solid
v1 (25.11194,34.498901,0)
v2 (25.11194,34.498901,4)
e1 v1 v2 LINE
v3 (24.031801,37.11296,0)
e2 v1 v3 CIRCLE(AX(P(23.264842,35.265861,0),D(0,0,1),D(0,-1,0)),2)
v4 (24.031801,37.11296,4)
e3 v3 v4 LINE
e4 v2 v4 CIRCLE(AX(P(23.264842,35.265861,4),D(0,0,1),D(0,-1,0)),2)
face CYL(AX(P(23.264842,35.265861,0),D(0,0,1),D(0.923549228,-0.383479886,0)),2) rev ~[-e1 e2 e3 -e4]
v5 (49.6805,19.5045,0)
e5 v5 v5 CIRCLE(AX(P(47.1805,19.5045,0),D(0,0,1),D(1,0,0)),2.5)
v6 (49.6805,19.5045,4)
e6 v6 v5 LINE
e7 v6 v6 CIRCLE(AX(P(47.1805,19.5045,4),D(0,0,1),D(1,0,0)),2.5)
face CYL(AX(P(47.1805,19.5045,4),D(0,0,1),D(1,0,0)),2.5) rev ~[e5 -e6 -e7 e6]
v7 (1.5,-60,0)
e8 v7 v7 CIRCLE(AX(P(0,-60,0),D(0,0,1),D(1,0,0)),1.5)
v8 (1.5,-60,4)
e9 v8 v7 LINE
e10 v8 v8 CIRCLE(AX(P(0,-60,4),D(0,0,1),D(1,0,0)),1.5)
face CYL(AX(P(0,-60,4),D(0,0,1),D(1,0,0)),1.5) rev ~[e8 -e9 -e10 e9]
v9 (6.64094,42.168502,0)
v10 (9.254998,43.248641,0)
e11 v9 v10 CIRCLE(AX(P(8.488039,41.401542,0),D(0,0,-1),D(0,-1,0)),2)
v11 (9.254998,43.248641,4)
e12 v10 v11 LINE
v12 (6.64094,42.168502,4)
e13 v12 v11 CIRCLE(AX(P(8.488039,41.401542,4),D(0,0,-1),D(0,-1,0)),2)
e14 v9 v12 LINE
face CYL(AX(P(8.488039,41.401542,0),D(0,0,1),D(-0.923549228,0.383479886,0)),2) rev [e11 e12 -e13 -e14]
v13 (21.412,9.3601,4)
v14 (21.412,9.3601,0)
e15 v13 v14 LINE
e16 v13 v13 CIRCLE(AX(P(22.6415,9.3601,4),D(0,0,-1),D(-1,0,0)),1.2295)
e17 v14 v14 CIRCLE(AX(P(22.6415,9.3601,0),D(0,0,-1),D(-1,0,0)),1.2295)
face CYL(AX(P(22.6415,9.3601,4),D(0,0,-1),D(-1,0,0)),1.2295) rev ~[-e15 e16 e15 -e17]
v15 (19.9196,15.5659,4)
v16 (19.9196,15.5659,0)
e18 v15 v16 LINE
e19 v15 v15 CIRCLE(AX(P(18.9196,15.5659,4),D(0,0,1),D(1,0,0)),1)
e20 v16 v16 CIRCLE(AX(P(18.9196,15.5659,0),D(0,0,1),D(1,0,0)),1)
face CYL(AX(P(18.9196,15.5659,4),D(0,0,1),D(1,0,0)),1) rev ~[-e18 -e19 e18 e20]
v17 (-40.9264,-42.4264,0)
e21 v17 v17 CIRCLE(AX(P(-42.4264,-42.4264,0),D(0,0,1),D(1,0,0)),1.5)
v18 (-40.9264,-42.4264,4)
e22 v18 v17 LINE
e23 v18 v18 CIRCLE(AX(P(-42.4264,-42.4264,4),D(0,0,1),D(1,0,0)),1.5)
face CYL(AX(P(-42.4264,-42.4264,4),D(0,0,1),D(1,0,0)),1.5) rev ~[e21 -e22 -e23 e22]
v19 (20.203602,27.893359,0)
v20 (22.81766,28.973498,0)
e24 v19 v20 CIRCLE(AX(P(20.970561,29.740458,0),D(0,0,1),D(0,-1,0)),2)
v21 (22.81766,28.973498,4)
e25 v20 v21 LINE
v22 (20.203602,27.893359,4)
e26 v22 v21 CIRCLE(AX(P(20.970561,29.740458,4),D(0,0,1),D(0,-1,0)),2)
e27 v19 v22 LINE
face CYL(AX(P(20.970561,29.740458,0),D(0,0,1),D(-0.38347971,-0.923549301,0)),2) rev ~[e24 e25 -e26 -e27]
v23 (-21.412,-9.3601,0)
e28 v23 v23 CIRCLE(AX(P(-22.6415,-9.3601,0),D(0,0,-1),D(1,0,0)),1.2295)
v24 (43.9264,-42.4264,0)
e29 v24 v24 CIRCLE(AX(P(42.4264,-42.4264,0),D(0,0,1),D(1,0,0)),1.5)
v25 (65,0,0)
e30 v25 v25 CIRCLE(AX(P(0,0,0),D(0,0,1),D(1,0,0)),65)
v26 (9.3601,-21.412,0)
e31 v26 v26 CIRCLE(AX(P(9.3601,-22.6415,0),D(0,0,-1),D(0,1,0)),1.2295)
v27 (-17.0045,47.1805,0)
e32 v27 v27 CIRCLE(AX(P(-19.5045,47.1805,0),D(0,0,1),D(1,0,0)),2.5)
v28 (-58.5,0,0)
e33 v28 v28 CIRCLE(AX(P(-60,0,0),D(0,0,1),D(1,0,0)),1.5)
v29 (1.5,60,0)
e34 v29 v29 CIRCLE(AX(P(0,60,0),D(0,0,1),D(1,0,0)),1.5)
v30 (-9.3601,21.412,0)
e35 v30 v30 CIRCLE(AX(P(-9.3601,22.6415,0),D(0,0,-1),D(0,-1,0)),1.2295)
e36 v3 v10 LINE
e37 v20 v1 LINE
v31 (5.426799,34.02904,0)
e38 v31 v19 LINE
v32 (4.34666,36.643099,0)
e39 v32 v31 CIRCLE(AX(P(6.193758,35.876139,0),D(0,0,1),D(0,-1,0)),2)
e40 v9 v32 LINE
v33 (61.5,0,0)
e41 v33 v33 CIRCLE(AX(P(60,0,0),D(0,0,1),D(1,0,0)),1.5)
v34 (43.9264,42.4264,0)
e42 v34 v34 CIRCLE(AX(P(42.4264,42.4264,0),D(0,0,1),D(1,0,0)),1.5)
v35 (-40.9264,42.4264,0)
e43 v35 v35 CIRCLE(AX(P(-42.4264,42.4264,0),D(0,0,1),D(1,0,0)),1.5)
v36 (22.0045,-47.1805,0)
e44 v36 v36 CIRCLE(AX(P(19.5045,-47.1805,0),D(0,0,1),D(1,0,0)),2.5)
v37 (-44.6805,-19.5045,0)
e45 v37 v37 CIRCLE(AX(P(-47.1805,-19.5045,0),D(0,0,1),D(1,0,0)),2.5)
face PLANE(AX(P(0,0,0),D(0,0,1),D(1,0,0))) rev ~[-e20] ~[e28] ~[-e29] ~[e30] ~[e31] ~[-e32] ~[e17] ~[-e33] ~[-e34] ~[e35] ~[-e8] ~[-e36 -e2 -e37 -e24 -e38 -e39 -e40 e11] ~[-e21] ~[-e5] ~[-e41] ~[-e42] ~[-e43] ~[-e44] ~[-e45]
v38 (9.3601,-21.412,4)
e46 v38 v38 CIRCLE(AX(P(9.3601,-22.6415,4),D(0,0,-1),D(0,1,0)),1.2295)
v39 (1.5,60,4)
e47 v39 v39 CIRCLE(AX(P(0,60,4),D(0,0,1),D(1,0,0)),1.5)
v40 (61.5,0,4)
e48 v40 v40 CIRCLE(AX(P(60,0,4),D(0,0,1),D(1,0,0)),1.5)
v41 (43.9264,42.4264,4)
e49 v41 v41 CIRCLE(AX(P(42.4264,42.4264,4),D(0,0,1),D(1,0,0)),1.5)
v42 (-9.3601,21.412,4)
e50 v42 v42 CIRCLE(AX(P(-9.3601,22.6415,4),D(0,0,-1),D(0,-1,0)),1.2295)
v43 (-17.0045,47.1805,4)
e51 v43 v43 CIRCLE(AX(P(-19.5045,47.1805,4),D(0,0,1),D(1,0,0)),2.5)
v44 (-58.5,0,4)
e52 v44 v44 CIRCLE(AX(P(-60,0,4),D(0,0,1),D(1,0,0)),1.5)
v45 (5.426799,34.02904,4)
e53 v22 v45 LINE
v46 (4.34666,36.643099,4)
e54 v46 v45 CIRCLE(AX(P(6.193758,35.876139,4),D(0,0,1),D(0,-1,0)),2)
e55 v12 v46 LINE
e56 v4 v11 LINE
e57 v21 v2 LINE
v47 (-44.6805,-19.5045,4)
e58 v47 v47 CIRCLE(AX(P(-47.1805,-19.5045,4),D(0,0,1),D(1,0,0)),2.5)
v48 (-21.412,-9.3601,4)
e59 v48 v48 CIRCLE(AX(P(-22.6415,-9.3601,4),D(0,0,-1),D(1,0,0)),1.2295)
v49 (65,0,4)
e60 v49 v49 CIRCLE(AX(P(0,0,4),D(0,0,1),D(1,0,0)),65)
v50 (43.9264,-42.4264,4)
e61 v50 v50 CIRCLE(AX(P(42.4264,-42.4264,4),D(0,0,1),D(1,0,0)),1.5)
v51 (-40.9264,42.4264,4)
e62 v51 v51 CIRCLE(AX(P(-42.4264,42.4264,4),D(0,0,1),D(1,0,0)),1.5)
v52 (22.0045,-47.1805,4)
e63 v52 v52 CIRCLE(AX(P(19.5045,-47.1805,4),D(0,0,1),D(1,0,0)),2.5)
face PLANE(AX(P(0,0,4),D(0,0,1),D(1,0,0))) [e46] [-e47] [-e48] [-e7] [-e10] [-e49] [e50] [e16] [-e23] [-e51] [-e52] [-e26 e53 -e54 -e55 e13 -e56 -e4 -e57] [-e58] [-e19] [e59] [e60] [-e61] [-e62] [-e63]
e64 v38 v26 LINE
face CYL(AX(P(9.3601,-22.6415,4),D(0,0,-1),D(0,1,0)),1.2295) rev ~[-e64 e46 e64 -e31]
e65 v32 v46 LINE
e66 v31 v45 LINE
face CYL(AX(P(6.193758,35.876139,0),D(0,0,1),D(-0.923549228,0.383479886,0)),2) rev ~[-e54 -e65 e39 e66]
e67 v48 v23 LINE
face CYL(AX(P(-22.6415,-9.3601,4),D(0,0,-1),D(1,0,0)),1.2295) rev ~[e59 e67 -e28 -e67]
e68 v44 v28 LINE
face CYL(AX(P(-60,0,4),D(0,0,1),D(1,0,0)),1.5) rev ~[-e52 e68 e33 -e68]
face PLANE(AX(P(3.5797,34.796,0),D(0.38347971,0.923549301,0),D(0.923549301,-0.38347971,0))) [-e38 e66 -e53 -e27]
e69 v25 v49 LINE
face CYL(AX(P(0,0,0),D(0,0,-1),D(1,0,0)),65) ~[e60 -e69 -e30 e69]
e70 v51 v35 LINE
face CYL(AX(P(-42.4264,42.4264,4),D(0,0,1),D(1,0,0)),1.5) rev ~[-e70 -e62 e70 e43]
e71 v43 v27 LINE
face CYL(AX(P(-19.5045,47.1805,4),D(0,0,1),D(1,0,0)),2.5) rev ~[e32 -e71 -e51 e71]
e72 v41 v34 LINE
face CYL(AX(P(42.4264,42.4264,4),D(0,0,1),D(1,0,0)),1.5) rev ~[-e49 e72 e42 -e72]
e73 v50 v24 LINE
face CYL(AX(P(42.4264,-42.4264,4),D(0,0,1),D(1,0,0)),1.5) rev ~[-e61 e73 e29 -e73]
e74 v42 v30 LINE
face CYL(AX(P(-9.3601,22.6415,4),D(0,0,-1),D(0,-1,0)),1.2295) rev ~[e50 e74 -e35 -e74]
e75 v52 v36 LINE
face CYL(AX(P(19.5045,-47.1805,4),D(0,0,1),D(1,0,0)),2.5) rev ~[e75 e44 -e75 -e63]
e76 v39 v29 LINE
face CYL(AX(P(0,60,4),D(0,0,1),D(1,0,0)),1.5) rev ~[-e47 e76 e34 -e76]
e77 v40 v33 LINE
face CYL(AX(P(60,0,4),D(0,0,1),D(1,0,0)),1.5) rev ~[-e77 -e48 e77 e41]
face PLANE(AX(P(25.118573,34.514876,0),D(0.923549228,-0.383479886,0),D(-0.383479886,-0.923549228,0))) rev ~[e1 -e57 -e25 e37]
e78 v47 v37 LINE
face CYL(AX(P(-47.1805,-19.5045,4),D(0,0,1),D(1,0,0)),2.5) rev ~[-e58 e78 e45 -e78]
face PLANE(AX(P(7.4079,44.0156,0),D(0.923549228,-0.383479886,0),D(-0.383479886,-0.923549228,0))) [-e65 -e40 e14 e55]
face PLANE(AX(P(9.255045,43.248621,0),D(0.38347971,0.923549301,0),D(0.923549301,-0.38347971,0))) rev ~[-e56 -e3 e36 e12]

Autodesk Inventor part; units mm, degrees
ref_plane "YZ Plane" through (0, 0, 0) normal (1, 0, 0) x (0, 1, 0)
ref_plane "XZ Plane" through (0, 0, 0) normal (0, 1, 0) x (-1, 0, 0)
ref_plane "XY Plane" through (0, 0, 0) normal (0, 0, 1) x (1, 0, 0)
sketch "스케치1" plane through (0, 0, 0) normal (0, 0, 1) x (1, 0, 0)
  line L0 (-18, -16) -> (-18, 16)
  line L1 (-18, 16) -> (18, 16)
  line L2 (18, 16) -> (18, -16)
  line L3 (18, -16) -> (-18, -16)
  circle A0 centre (36.125, 36.075) radius 2.5
  circle A1 centre (-36.125, -36.075) radius 2.5
  circle A2 centre (36.075, -36.125) radius 2.5
  circle A3 centre (-36.075, 36.125) radius 2.5
  arc A4 (-39.6581, -32.537) -> (-32.5919, -39.613) centre (-36.125, -36.075) ccw
  line L4 (-32.5919, -39.613) -> (-17.9206, -24.962)
  arc A5 (-14.3876, -23.5) -> (-17.9206, -24.962) centre (-14.3876, -28.5) ccw
  line L5 (-14.3876, -23.5) -> (14.3282, -23.5)
  arc A6 (17.8662, -24.9669) -> (14.3282, -23.5) centre (14.3282, -28.5) ccw
  line L6 (17.8662, -24.9669) -> (32.537, -39.6581)
  arc A7 (32.537, -39.6581) -> (39.613, -32.5919) centre (36.075, -36.125) ccw
  line L7 (39.613, -32.5919) -> (24.962, -17.9206)
  arc A8 (23.5, -14.3876) -> (24.962, -17.9206) centre (28.5, -14.3876) ccw
  line L8 (23.5, -14.3876) -> (23.5, 14.3282)
  arc A9 (24.9669, 17.8662) -> (23.5, 14.3282) centre (28.5, 14.3282) ccw
  line L9 (24.9669, 17.8662) -> (39.6581, 32.537)
  arc A10 (39.6581, 32.537) -> (32.5919, 39.613) centre (36.125, 36.075) ccw
  line L10 (32.5919, 39.613) -> (17.9206, 24.962)
  arc A11 (14.3876, 23.5) -> (17.9206, 24.962) centre (14.3876, 28.5) ccw
  line L11 (14.3876, 23.5) -> (-14.3282, 23.5)
  arc A12 (-17.8662, 24.9669) -> (-14.3282, 23.5) centre (-14.3282, 28.5) ccw
  line L12 (-17.8662, 24.9669) -> (-32.537, 39.6581)
  arc A13 (-32.537, 39.6581) -> (-39.613, 32.5919) centre (-36.075, 36.125) ccw
  line L13 (-39.613, 32.5919) -> (-24.962, 17.9206)
  arc A14 (-23.5, 14.3876) -> (-24.962, 17.9206) centre (-28.5, 14.3876) ccw
  line L14 (-23.5, 14.3876) -> (-23.5, -14.3282)
  arc A15 (-24.9669, -17.8662) -> (-23.5, -14.3282) centre (-28.5, -14.3282) ccw
  line L15 (-24.9669, -17.8662) -> (-39.6581, -32.537)
  circle A16 centre (0, 0) radius 65
  dimension "d38" = 72.2
  dimension "d39" = 72.2
  dimension "d62" = 130
extrude "돌출3" add sketch "스케치1" along normal blind 4 contours L0 L1 L2 L3 | A0 | A1 | A2 | A3 | L15 A15 L14 A14 L13 A13 L12 A12 L11 A11 L10 A10 L9 A9 L8 A8 L7 A7 L6 A6 L5 A5 L4 A4 | A16
sketch "스케치6" plane through (0, 0, 4) normal (0, 0, 1) x (1, 0, 0)
  line L0 (0, 0) -> (60.0652, -60.0652) construction
  line L1 (0, 0) -> (84.945, 0) construction
  circle A0 centre (42.4264, -42.4264) radius 1.5
  circle A1 centre (0, 0) radius 60 construction
  circle A2 centre (0, 0) radius 60 construction
  circle A3 centre (60, 0) radius 1.5
  circle A4 centre (0, 0) radius 60 construction
  circle A5 centre (42.4264, 42.4264) radius 1.5
  circle A6 centre (0, 0) radius 60 construction
  circle A7 centre (0, 60) radius 1.5
  circle A8 centre (0, 0) radius 60 construction
  circle A9 centre (-42.4264, 42.4264) radius 1.5
  circle A10 centre (0, 0) radius 60 construction
  circle A11 centre (-60, 0) radius 1.5
  circle A12 centre (0, 0) radius 60 construction
  circle A13 centre (-42.4264, -42.4264) radius 1.5
  circle A14 centre (0, 0) radius 60 construction
  circle A15 centre (0, -60) radius 1.5
  circle A16 centre (0, 0) radius 65 projected
  dimension "d65" = 120
  dimension "d63" = 45
  dimension "d64" = 3
  dimension "d68" = 360
  dimension "d72" = 130
extrude "돌출4" cut sketch "스케치6" against normal through all contours A0 | A3 | A5 | A7 | A9 | A11 | A13 | A15
sketch "스케치7" plane through (0, 0, 4) normal (0, 0, 1) x (1, 0, 0)
  circle A0 centre (-36.075, 36.125) radius 2.5 projected
  circle A1 centre (36.075, -36.125) radius 2.5 projected
  circle A2 centre (-36.125, -36.075) radius 2.5 projected
  circle A3 centre (36.125, 36.075) radius 2.5 projected
  circle A4 centre (-42.4264, -42.4264) radius 1.5 projected
  circle A5 centre (-42.4264, 42.4264) radius 1.5 projected
  circle A6 centre (42.4264, 42.4264) radius 1.5 projected
  circle A7 centre (42.4264, -42.4264) radius 1.5 projected
  circle A8 centre (60, 0) radius 1.5 projected
  circle A9 centre (0, 60) radius 1.5 projected
  circle A10 centre (-60, 0) radius 1.5 projected
  circle A11 centre (0, -60) radius 1.5 projected
  circle A12 centre (-42.4264, -42.4264) radius 1.5 projected
  circle A13 centre (-42.4264, 42.4264) radius 1.5 projected
  circle A14 centre (42.4264, 42.4264) radius 1.5 projected
  circle A15 centre (42.4264, -42.4264) radius 1.5 projected
  circle A16 centre (60, 0) radius 1.5 projected
  circle A17 centre (0, 60) radius 1.5 projected
  circle A18 centre (-60, 0) radius 1.5 projected
  circle A19 centre (0, -60) radius 1.5 projected
  circle A20 centre (0, 0) radius 65 projected
  circle A21 centre (-36.075, 36.125) radius 2.5
  circle A22 centre (36.125, 36.075) radius 2.5
  circle A23 centre (-36.125, -36.075) radius 2.5
  circle A24 centre (36.075, -36.125) radius 2.5
  circle A25 centre (-47.1805, -19.5045) radius 2.5
  circle A26 centre (19.5045, -47.1805) radius 2.5
  circle A27 centre (47.1805, 19.5045) radius 2.5
  circle A28 centre (-19.5045, 47.1805) radius 2.5
  dimension "d76" = 67.5
extrude "돌출5" cut sketch "스케치7" against normal through all contours A25 | A26 | A27 | A28
sketch "스케치8" plane through (0, 0, 4) normal (0, 0, 1) x (1, 0, 0)
  circle A0 centre (-19.5045, 47.1805) radius 2.5 projected
  circle A1 centre (0, 0) radius 65 projected
  circle A2 centre (0, 0) radius 24.5 construction
  line L0 (0, 0) -> (-19.5045, 47.1805) construction
  point P0 (-9.3601, 22.6415)
  dimension "d80" = 49
hole "구멍5" at (-9.3601, 22.6415, 4) direction (0, 0, -1) diameter 2.459 end through all thread size "M3x0.5" class "6H" standard "ISO Metric profile"
pattern_circular "원형 패턴1" count 4 over 360 about axis through (0, 0, 0) along (0, 0, 1) of "구멍5"
sketch "스케치9" plane through (0, 0, 0) normal (0, 0, -1) x (-1, 0, 0)
  circle A0 centre (42.4264, 42.4264) radius 1.5 projected
  circle A1 centre (0, 60) radius 1.5 projected
  circle A2 centre (-42.4264, 42.4264) radius 1.5 projected
  circle A3 centre (-60, 0) radius 1.5 projected
  circle A4 centre (-42.4264, -42.4264) radius 1.5 projected
  circle A5 centre (0, -60) radius 1.5 projected
  circle A6 centre (42.4264, -42.4264) radius 1.5 projected
  circle A7 centre (60, 0) radius 1.5 projected
  circle A8 centre (18.5456, 40.1536) radius 1.5 projected
  circle A9 centre (-41.5066, 15.2792) radius 1.5 projected
  circle A10 centre (41.5066, -15.2792) radius 1.5 projected
  circle A11 centre (-18.5456, -40.1536) radius 1.5 projected
  circle A12 centre (0, 0) radius 65 projected
  line L0 (-4.3465, 36.6246) -> (-6.6426, 42.1678) projected
  line L1 (-9.2557, 43.2502) -> (-24.0378, 37.1273) projected
  line L2 (-25.1202, 34.5142) -> (-22.8241, 28.9709) projected
  arc A13 (-37.7646, 20.6175) -> (-38.847, 18.0044) centre (-36.9993, 18.7698) ccw projected
  line L3 (-38.847, 18.0044) -> (-37.699, 15.2327) projected
  arc A14 (-38.7814, 12.6196) -> (-37.699, 15.2327) centre (-39.5467, 14.4674) ccw projected
  line L4 (-38.7814, 12.6196) -> (-41.553, 11.4716) projected
  arc A15 (-41.553, 11.4716) -> (-42.6354, 8.8584) centre (-40.7876, 9.6238) ccw projected
  line L5 (-42.6354, 8.8584) -> (-23.8839, -36.4117) projected
  arc A16 (-23.8839, -36.4117) -> (-21.2708, -37.494) centre (-22.0362, -35.6463) ccw projected
  line L6 (-21.2708, -37.494) -> (-18.4992, -36.346) projected
  arc A17 (-15.886, -37.4284) -> (-18.4992, -36.346) centre (-17.7338, -38.1938) ccw projected
  line L7 (-15.886, -37.4284) -> (-14.738, -40.2) projected
  arc A18 (-14.738, -40.2) -> (-12.1249, -41.2824) centre (-12.8902, -39.4347) ccw projected
  line L8 (-12.1249, -41.2824) -> (37.7646, -20.6175) projected
  arc A19 (37.7646, -20.6175) -> (38.847, -18.0044) centre (36.9993, -18.7698) ccw projected
  line L9 (38.847, -18.0044) -> (37.699, -15.2327) projected
  arc A20 (38.7814, -12.6196) -> (37.699, -15.2327) centre (39.5467, -14.4674) ccw projected
  line L10 (38.7814, -12.6196) -> (41.553, -11.4716) projected
  arc A21 (41.553, -11.4716) -> (42.6354, -8.8584) centre (40.7876, -9.6238) ccw projected
  line L11 (42.6354, -8.8584) -> (23.8839, 36.4117) projected
  arc A22 (23.8839, 36.4117) -> (21.2708, 37.494) centre (22.0362, 35.6463) ccw projected
  line L12 (21.2708, 37.494) -> (18.4992, 36.346) projected
  arc A23 (15.886, 37.4284) -> (18.4992, 36.346) centre (17.7338, 38.1938) ccw projected
  line L13 (15.886, 37.4284) -> (14.738, 40.2) projected
  arc A24 (14.738, 40.2) -> (12.1249, 41.2824) centre (12.8902, 39.4347) ccw projected
  line L14 (12.1249, 41.2824) -> (-1.7333, 35.5422) projected
  line L15 (-7.4079, 44.0156) -> (-25.8789, 36.346)
  line L16 (-25.8789, 36.346) -> (-22.0507, 27.1264)
  line L17 (-7.4079, 44.0156) -> (-3.5797, 34.796)
  line L18 (-3.5797, 34.796) -> (-22.0507, 27.1264)
extrude "돌출6" cut sketch "스케치9" against normal through all contours L17 L18 L16 L15
fillet "모깎기1" radius 2 4 edges at (25.8789, 36.346, 2) (22.0507, 27.1264, 2) (3.5797, 34.796, 2) (7.4079, 44.0156, 2)
sketch "스케치10" plane through (0, 0, 4) normal (0, 0, 1) x (1, 0, 0)
  line L0 (25.112, 34.4989) -> (22.8177, 28.9735) projected
  arc A0 (20.2036, 27.8934) -> (22.8177, 28.9735) centre (20.9706, 29.7405) ccw projected
  line L1 (20.2036, 27.8934) -> (5.4268, 34.0291) projected
  arc A1 (4.3467, 36.6431) -> (5.4268, 34.0291) centre (6.1938, 35.8762) ccw projected
  line L2 (4.3467, 36.6431) -> (6.641, 42.1685) projected
  arc A2 (9.255, 43.2486) -> (6.641, 42.1685) centre (8.4881, 41.4015) ccw projected
  line L3 (9.255, 43.2486) -> (24.0318, 37.113) projected
  arc A3 (25.112, 34.4989) -> (24.0318, 37.113) centre (23.2649, 35.2659) ccw projected
  circle A4 centre (22.6415, 9.3601) radius 1.2295 projected
  circle A5 centre (9.3601, -22.6415) radius 1.2295 projected
  circle A6 centre (-22.6415, -9.3601) radius 1.2295 projected
  circle A7 centre (-9.3601, 22.6415) radius 1.2295 projected
  circle A8 centre (47.1805, 19.5045) radius 2.5 projected
  circle A9 centre (-47.1805, -19.5045) radius 2.5 projected
  circle A10 centre (19.5045, -47.1805) radius 2.5 projected
  circle A11 centre (-19.5045, 47.1805) radius 2.5 projected
  circle A12 centre (-42.4264, -42.4264) radius 1.5 projected
  circle A13 centre (-42.4264, 42.4264) radius 1.5 projected
  circle A14 centre (42.4264, 42.4264) radius 1.5 projected
  circle A15 centre (42.4264, -42.4264) radius 1.5 projected
  circle A16 centre (60, 0) radius 1.5 projected
  circle A17 centre (0, 60) radius 1.5 projected
  circle A18 centre (-60, 0) radius 1.5 projected
  circle A19 centre (0, -60) radius 1.5 projected
  circle A20 centre (0, 0) radius 65 projected
  circle A21 centre (0, 0) radius 29 projected
  line L4 (0, 0) -> (59.5002, 0) construction
  circle A22 centre (18.9196, 15.5659) radius 1
  line L5 (18.9196, 15.5659) -> (0, 0)
  circle A23 centre (0, 0) radius 24.5 construction
  dimension "d96" = 2
extrude "돌출7" cut sketch "스케치10" against normal through all contours A22
properties part number "CPU면 철판가공"
